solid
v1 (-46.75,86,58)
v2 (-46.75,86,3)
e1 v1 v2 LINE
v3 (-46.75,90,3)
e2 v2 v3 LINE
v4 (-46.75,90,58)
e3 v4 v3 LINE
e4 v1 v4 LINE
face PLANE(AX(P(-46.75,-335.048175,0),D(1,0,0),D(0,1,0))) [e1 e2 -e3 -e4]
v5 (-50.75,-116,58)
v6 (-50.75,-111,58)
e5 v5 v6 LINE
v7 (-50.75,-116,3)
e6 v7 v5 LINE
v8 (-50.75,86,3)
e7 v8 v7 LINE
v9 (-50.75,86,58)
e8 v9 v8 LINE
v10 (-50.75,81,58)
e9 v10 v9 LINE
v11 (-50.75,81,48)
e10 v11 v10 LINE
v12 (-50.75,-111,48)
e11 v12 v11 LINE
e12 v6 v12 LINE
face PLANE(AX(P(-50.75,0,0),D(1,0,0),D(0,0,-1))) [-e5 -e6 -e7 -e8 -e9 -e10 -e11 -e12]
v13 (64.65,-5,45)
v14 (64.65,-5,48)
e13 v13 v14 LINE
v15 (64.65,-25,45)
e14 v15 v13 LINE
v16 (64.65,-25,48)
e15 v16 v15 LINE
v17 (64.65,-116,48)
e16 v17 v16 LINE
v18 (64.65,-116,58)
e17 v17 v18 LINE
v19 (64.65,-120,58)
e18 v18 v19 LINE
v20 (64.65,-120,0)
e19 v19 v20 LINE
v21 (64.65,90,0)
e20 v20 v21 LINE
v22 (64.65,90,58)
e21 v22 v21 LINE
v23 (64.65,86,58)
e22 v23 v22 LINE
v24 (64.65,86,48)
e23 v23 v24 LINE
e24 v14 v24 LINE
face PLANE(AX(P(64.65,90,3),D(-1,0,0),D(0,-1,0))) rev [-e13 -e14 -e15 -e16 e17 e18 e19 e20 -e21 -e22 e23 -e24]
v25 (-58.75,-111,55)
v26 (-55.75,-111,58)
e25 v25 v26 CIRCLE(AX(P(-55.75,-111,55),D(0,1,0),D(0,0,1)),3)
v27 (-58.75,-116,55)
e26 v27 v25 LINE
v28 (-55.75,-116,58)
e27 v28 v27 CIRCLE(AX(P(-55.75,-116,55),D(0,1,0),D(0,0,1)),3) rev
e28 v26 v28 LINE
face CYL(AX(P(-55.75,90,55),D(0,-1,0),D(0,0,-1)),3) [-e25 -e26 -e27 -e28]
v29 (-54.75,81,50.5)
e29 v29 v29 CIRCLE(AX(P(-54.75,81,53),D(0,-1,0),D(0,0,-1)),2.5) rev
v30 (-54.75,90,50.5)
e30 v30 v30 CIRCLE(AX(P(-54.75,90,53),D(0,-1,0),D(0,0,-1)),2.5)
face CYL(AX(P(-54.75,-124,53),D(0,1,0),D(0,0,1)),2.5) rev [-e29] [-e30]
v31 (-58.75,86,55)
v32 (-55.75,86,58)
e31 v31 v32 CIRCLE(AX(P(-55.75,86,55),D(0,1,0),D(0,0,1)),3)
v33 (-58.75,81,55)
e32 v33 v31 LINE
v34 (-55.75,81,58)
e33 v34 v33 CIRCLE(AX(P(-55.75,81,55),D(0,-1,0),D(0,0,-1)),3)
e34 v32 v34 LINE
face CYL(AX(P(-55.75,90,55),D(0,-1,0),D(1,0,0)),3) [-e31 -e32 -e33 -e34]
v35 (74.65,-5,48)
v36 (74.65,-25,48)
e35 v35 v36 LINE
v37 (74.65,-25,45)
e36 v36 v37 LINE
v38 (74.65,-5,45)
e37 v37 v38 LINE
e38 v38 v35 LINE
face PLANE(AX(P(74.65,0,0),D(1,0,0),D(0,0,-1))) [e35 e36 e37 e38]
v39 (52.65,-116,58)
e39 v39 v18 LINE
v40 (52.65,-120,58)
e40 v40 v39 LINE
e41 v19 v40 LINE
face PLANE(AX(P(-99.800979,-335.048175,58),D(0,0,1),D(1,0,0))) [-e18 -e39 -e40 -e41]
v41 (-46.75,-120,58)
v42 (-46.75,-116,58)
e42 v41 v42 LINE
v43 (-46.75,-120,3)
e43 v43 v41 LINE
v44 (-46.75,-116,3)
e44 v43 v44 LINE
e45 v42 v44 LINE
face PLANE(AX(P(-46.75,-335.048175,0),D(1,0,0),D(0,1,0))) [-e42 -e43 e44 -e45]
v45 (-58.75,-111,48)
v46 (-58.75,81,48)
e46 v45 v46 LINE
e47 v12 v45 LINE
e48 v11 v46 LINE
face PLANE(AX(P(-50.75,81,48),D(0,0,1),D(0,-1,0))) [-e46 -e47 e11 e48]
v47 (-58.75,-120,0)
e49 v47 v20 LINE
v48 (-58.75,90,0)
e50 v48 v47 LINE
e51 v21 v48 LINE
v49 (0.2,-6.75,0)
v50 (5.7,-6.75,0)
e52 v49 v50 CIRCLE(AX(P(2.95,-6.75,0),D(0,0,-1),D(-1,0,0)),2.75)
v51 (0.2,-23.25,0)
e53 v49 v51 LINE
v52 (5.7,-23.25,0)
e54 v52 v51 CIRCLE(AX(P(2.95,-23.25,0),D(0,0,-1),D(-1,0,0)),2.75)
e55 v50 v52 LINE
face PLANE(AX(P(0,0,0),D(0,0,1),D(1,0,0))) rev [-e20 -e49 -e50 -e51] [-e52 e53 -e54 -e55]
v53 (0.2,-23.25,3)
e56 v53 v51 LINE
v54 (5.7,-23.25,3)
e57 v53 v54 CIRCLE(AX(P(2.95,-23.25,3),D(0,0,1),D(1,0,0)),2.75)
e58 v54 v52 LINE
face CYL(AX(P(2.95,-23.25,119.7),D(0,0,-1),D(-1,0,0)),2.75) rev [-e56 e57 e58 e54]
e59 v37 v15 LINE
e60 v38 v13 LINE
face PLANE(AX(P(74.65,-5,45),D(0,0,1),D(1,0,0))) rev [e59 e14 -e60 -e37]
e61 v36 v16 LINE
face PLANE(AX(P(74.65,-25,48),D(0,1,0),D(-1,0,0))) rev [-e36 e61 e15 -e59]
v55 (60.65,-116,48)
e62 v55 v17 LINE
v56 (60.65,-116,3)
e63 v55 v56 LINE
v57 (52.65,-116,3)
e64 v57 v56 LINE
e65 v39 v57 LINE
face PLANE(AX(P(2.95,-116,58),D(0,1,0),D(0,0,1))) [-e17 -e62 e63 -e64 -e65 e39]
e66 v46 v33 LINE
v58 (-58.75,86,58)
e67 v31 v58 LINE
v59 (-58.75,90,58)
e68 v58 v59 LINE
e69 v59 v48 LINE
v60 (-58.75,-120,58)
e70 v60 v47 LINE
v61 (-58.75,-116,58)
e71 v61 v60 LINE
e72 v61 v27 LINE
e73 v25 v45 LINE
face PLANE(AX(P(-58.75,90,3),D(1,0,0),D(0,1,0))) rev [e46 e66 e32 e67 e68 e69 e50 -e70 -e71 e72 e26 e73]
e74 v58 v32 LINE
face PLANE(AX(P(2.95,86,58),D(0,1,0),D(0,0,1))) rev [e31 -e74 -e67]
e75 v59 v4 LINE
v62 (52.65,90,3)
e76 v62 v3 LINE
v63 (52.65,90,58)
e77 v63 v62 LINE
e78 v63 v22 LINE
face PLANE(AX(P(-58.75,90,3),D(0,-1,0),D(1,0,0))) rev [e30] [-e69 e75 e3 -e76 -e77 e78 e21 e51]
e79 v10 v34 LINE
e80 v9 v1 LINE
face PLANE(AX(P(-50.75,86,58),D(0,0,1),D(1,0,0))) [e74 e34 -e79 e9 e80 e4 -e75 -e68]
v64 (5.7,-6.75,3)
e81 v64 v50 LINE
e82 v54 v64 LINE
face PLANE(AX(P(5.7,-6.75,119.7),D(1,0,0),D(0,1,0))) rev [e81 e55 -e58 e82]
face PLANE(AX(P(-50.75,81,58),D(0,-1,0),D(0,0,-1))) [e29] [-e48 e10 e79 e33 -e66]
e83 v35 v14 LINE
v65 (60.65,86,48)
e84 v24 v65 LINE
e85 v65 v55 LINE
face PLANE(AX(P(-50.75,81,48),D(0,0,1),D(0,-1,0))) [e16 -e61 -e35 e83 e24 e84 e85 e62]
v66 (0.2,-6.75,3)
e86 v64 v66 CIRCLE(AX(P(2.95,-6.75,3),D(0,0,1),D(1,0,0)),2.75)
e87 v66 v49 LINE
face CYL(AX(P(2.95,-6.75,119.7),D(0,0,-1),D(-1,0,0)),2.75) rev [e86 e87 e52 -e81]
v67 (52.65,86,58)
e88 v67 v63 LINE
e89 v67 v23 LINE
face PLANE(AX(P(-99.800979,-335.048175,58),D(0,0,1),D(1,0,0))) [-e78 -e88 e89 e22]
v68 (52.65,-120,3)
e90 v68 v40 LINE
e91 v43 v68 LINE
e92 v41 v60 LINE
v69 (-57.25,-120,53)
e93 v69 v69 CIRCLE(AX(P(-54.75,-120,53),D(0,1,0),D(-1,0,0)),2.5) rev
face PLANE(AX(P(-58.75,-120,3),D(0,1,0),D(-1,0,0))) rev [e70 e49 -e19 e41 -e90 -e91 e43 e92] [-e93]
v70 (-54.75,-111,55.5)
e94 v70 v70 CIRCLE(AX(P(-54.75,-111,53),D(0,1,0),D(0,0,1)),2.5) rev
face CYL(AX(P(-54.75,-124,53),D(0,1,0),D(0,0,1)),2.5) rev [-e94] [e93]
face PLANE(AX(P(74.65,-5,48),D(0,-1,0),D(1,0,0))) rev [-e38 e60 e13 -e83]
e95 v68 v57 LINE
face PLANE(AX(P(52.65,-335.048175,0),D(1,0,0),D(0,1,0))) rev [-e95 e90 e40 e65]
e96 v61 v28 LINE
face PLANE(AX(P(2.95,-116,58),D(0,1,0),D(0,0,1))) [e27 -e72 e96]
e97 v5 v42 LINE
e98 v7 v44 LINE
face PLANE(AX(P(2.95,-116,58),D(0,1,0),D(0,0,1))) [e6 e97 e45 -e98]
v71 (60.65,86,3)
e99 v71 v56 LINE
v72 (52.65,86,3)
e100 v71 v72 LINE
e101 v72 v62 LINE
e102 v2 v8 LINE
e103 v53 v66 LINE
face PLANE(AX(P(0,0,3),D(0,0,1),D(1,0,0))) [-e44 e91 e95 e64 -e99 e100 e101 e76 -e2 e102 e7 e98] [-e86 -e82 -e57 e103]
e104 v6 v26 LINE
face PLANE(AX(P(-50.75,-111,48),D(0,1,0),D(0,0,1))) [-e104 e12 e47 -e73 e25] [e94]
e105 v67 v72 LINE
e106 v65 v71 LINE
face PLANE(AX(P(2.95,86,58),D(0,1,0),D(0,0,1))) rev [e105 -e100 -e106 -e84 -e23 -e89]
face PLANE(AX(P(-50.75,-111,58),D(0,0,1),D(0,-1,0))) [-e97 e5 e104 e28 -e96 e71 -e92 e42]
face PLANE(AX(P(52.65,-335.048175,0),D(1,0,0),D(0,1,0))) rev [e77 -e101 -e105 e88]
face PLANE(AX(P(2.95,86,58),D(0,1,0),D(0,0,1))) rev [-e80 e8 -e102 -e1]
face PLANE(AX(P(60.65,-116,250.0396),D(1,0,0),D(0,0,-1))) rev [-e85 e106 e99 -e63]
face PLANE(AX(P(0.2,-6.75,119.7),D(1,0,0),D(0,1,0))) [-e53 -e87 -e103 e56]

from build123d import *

# Parameters (mm, degrees)
SKETCH_2_W               = 123.4
SKETCH_2_H               = 210
EXTRUDE_2_DEPTH          = 3
EXTRUDE_5_DEPTH          = 4
EXTRUDE_START            = -4
EXTRUDE_6_DEPTH          = 4
EXTRUDE_8_DEPTH          = 8
CUT_EXTRUDE_1_DEPTH      = 205
CUT_EXTRUDE_1_DEPTH_BACK = 243.711170942
SKETCH_8_R               = 2.5
FILLET_1_R               = 3
SKETCH_10_W              = 4
SKETCH_10_H              = 202
EXTRUDE_9_DEPTH          = 45
CUT_EXTRUDE_2_DEPTH      = 182.404830421
SKETCH_12_W              = 3
SKETCH_12_H              = 20
EXTRUDE_10_DEPTH         = 10
CUT_EXTRUDE_3_REACH      = 254.984
SKETCH_13_W              = 99.4
SKETCH_13_H              = 144.727282118
SKETCH_13_W_2            = 205.501958082
SKETCH_13_H_2            = 63.361365512


with BuildPart() as part:
    # 草圖2 → 填料-伸長2 (new body)
    with BuildSketch(Plane.XY):
        with Locations((2.95, -15)):
            Rectangle(SKETCH_2_W, SKETCH_2_H)
    extrude(amount=EXTRUDE_2_DEPTH)

    # 草圖4 → 填料-伸長5 (add)
    with BuildSketch(Plane.XZ.offset(120)):
        with BuildLine():
            Line((-58.75, 3), (-58.75, 58))
            ThreePointArc((-58.75, 58), (2.95, 119.7), (64.65, 58))
            Line((64.65, 58), (64.65, 3))
            Line((64.65, 3), (-58.75, 3))
        make_face()
    extrude(amount=-EXTRUDE_5_DEPTH)

    # 草圖5 → 填料-伸長6 (add)
    with BuildSketch(Plane(origin=(0, 90, 0), x_dir=(1, 0, 0), z_dir=(0, 1, 0)).offset(EXTRUDE_START)):
        with BuildLine():
            Line((-58.75, -3), (-58.75, -58))
            ThreePointArc((-58.75, -58), (2.95, -119.7), (64.65, -58))
            Line((64.65, -58), (64.65, -3))
            Line((64.65, -3), (-58.75, -3))
        make_face()
    extrude(amount=EXTRUDE_6_DEPTH)

    # 草圖7 → 填料-伸長8 (add)
    with BuildSketch(Plane.ZY.offset(58.75)):
        Polygon((3, 86), (58, 86), (58, 81), (48, 81), (48, -111), (58, -111), (58, -116), (3, -116), align=None)
    extrude(amount=-EXTRUDE_8_DEPTH)

    # 草圖8 → 除料-伸長1 (cut, two sides: drawn at the far end of the back side and taken through both)
    with BuildSketch(Plane.XZ.offset(-81).offset(-CUT_EXTRUDE_1_DEPTH_BACK)):
        with Locations(Location((-54.75, 53, 0), (0, 0, 90))):
            Circle(SKETCH_8_R)
    extrude(amount=CUT_EXTRUDE_1_DEPTH + CUT_EXTRUDE_1_DEPTH_BACK, mode=Mode.SUBTRACT)

    # 圓角1
    fillet_1_edges = [part.edges().sort_by_distance(p)[0] for p in [
        (-58.75, -113.5, 58),
        (-58.75, 83.5, 58),
    ]]
    fillet(fillet_1_edges, radius=FILLET_1_R)

    # 草圖10 → 填料-伸長9 (add)
    with BuildSketch(Plane.XY.offset(3)):
        with Locations((62.65, -15)):
            Rectangle(SKETCH_10_W, SKETCH_10_H)
    extrude(amount=EXTRUDE_9_DEPTH)

    # 草圖11 → 除料-伸長2 (cut, through all)
    with BuildSketch(Plane(origin=(0, 0, 0), x_dir=(-1, 0, 0), z_dir=(0, 0, -1))):
        with BuildLine():
            Line((-0.2, -6.75), (-0.2, -23.25))
            ThreePointArc((-0.2, -23.25), (-2.95, -26), (-5.7, -23.25))
            Line((-5.7, -23.25), (-5.7, -6.75))
            ThreePointArc((-5.7, -6.75), (-2.95, -4), (-0.2, -6.75))
        make_face()
    extrude(amount=-CUT_EXTRUDE_2_DEPTH, mode=Mode.SUBTRACT)

    # 草圖12 → 填料-伸長10 (add)
    with BuildSketch(Plane(origin=(64.65, 0, 0), x_dir=(0, 0, -1), z_dir=(1, 0, 0))):
        with Locations((-46.5, -15)):
            Rectangle(SKETCH_12_W, SKETCH_12_H)
    extrude(amount=EXTRUDE_10_DEPTH)

    # 除料-伸長3: up to this face of the body (flat: up to its plane)
    cut_extrude_3_end = Plane(part.part.faces().sort_by_distance((3.036368919, -120, 54.121907078))[0])
    # 草圖13 → 除料-伸長3 (cut, up to the picked face)
    with BuildSketch(Plane(origin=(0, 90, 0), x_dir=(1, 0, 0), z_dir=(0, 1, 0)), mode=Mode.PRIVATE) as cut_extrude_3_sk1:
        with Locations((2.95, -75.363641059)):
            Rectangle(SKETCH_13_W, SKETCH_13_H)
    cut_extrude_3_tool1 = split(extrude(cut_extrude_3_sk1.sketch, amount=-CUT_EXTRUDE_3_REACH, mode=Mode.PRIVATE), bisect_by=cut_extrude_3_end, keep=Keep.BOTH, mode=Mode.PRIVATE)
    # 草圖13 → 除料-伸長3 (cut, up to the picked face)
    with BuildSketch(Plane(origin=(0, 90, 0), x_dir=(1, 0, 0), z_dir=(0, 1, 0)), mode=Mode.PRIVATE) as cut_extrude_3_sk2:
        with Locations((2.95, -89.680682756)):
            Rectangle(SKETCH_13_W_2, SKETCH_13_H_2)
    cut_extrude_3_tool2 = split(extrude(cut_extrude_3_sk2.sketch, amount=-CUT_EXTRUDE_3_REACH, mode=Mode.PRIVATE), bisect_by=cut_extrude_3_end, keep=Keep.BOTH, mode=Mode.PRIVATE)
    add(cut_extrude_3_tool1.solids().sort_by(Axis((2.95, 90, 75.363641), (0, -1, 0)))[0], mode=Mode.SUBTRACT)
    add(cut_extrude_3_tool2.solids().sort_by(Axis((2.95, 90, 89.680683), (0, -1, 0)))[0], mode=Mode.SUBTRACT)


solid = part.part
